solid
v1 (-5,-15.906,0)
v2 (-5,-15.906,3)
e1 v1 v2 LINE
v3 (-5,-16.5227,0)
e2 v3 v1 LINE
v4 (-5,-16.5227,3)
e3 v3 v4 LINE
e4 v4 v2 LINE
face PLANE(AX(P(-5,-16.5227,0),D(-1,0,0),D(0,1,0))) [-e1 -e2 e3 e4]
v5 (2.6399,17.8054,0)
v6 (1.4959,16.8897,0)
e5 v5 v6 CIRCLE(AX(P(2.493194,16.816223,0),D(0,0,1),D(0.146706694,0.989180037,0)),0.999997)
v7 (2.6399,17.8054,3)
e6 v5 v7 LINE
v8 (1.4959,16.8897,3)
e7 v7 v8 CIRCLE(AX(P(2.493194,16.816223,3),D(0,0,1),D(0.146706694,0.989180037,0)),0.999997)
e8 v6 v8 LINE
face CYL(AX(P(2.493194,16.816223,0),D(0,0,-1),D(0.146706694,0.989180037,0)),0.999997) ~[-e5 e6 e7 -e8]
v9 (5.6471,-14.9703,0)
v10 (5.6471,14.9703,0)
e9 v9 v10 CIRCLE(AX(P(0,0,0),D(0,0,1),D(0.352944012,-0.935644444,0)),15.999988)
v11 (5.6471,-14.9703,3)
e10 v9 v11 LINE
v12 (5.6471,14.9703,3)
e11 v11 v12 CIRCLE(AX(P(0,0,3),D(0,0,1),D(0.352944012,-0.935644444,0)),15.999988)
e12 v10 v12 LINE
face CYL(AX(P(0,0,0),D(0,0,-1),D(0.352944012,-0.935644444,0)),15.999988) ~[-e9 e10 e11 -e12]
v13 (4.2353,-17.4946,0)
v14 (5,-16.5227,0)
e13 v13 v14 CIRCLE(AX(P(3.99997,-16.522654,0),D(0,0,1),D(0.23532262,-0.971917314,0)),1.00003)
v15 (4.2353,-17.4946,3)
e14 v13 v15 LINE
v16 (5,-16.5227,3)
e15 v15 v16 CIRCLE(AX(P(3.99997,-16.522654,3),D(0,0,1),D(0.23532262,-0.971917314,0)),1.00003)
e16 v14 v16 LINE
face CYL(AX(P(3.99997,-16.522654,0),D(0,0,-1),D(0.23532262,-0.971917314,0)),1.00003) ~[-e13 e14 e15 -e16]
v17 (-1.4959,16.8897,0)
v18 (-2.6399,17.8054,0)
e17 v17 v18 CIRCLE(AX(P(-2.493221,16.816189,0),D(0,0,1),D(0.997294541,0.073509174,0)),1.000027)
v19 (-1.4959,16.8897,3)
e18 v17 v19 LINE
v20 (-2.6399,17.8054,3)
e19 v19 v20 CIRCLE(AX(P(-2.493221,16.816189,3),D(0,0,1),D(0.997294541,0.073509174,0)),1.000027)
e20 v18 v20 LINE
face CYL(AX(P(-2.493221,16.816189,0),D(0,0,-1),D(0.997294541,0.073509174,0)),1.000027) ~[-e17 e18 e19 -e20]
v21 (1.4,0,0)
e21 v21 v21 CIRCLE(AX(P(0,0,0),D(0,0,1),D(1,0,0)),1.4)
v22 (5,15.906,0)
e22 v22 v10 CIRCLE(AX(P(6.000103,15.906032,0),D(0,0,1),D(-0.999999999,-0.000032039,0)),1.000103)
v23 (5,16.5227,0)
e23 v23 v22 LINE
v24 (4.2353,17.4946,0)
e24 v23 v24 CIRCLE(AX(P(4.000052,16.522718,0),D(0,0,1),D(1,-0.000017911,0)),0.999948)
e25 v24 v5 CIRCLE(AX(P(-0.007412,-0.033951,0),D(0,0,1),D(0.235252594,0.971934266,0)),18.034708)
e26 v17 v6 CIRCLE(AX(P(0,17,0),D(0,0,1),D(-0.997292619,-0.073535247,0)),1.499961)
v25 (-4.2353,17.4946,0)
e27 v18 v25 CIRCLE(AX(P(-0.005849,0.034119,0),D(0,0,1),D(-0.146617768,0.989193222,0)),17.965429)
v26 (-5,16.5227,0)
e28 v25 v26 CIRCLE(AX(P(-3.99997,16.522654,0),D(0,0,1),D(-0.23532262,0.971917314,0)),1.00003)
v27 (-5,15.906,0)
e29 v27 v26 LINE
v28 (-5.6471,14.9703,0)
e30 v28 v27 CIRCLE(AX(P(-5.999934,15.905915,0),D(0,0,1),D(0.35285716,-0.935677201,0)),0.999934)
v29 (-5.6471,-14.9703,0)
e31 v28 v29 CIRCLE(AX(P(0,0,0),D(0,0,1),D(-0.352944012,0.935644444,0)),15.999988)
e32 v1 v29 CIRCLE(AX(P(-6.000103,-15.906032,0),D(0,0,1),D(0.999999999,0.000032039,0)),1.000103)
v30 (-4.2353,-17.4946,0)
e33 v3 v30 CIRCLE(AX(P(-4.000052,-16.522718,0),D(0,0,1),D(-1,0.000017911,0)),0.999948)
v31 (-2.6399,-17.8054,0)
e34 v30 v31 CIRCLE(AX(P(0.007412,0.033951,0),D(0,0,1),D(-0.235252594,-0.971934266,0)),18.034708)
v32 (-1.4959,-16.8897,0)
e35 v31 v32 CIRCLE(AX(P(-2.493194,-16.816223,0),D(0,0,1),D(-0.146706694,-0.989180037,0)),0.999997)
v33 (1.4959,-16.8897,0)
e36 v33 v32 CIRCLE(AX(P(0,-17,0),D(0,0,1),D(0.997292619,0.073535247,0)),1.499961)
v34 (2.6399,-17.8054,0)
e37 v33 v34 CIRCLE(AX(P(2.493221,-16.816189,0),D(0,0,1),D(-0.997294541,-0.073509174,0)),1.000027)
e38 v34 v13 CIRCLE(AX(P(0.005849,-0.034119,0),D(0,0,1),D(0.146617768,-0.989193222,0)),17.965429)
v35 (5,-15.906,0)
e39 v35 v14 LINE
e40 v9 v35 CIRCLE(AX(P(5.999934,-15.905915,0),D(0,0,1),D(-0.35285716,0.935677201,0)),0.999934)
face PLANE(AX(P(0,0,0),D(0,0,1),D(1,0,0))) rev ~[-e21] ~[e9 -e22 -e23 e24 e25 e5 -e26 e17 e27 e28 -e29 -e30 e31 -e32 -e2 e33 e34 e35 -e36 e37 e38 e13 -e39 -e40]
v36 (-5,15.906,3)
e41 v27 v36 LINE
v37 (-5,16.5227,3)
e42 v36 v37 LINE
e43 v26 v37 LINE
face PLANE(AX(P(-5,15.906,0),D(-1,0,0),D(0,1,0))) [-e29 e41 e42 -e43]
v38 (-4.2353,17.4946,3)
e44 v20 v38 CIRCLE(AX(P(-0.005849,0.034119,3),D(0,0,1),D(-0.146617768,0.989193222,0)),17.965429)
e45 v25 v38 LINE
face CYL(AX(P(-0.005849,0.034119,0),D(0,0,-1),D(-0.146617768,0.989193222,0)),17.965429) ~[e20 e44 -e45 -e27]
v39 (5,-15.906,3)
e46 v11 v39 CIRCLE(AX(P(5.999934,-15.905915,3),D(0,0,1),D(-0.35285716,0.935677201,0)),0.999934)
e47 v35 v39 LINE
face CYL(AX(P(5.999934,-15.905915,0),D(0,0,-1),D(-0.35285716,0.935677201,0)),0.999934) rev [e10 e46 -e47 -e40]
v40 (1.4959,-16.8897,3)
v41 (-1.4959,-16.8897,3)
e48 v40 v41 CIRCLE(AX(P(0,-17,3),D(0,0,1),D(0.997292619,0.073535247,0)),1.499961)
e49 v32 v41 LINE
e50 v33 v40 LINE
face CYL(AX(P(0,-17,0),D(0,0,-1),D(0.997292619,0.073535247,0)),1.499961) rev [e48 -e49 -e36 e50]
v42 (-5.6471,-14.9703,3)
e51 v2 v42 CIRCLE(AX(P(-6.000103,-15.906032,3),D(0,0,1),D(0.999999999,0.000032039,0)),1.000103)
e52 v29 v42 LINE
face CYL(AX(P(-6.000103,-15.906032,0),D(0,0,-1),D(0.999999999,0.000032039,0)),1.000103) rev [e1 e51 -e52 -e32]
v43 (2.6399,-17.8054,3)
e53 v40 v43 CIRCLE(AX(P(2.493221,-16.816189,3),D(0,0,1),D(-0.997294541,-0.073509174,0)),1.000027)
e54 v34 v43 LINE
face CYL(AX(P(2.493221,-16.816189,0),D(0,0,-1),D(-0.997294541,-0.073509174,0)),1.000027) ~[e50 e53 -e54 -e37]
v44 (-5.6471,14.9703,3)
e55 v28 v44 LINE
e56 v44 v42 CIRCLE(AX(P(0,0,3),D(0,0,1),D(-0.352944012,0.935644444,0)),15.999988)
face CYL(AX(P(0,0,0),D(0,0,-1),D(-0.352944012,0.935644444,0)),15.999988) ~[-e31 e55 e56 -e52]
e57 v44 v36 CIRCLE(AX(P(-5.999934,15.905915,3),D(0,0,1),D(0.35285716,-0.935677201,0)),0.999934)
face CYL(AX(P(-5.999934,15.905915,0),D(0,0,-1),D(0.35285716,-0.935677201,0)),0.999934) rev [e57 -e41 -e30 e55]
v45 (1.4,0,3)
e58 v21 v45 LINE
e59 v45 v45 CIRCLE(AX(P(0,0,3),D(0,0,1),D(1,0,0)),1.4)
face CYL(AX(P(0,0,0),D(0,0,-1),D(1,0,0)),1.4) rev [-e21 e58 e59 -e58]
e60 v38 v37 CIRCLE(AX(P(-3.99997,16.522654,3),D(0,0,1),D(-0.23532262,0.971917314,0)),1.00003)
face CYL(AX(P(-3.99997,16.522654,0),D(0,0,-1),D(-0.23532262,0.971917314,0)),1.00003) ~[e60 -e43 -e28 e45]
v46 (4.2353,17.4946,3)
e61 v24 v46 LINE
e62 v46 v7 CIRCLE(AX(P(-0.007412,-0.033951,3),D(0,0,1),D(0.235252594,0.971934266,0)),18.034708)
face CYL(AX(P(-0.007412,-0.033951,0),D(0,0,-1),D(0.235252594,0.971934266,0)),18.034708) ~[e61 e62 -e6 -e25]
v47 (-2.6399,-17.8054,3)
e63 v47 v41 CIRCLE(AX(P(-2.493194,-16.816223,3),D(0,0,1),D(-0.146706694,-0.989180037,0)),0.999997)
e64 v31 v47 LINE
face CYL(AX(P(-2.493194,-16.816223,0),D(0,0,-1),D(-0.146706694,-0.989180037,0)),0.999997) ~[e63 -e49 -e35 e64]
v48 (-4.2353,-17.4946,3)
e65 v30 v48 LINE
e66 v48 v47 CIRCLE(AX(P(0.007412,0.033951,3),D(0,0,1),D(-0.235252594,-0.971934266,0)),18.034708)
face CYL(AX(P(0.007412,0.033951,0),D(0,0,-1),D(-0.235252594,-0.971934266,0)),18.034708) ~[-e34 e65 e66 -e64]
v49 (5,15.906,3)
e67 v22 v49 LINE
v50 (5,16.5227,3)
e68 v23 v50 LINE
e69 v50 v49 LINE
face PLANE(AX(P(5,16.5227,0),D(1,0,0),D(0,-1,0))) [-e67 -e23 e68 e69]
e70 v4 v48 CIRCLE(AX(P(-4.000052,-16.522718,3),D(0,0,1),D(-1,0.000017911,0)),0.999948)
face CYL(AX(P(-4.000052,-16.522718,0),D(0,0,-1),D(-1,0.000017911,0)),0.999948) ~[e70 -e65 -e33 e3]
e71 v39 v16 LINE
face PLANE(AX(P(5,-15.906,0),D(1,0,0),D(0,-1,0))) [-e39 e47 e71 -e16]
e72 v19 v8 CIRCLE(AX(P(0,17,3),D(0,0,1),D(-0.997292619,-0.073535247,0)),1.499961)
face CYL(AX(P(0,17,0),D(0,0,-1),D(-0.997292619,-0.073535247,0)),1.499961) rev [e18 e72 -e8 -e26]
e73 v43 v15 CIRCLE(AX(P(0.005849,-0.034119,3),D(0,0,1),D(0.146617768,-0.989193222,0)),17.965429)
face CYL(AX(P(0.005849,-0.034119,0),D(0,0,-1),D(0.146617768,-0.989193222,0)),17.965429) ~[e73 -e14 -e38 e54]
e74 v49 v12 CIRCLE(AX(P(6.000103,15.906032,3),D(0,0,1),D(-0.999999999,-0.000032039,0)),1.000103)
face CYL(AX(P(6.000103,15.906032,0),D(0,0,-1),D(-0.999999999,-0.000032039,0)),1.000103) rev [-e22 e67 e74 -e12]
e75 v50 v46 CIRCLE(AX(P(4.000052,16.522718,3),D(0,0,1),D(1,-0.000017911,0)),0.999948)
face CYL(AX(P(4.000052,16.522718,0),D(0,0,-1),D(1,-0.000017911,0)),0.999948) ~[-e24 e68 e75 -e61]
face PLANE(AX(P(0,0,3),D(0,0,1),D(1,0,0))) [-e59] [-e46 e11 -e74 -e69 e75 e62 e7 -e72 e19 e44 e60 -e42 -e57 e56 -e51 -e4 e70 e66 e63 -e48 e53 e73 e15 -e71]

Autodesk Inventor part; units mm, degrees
ref_plane "YZ Plane" through (0, 0, 0) normal (1, 0, 0) x (0, 1, 0)
ref_plane "XZ Plane" through (0, 0, 0) normal (0, 1, 0) x (-1, 0, 0)
ref_plane "XY Plane" through (0, 0, 0) normal (0, 0, 1) x (1, 0, 0)
sketch "Sketch1" plane through (0, 0, 0) normal (0, 0, 1) x (1, 0, 0)
  circle A0 centre (0, 0) radius 1.4
  line L0 (5, 16.5227) -> (5, 15.906)
  line L1 (5, -15.906) -> (5, -16.5227)
  line L2 (-5, -16.5227) -> (-5, -15.906)
  line L3 (-5, 15.906) -> (-5, 16.5227)
  arc A1 (-5.6471, 14.9703) -> (-5.6471, -14.9703) centre (0, 0) ccw
  arc A2 (5.6471, -14.9703) -> (5.6471, 14.9703) centre (0, 0) ccw
  arc A3 (-5.6471, 14.9703) -> (-5, 15.906) centre (-6, 15.906) ccw
  arc A4 (-4.2353, 17.4946) -> (-5, 16.5227) centre (-4, 16.5227) ccw
  arc A5 (5, 16.5227) -> (4.2353, 17.4946) centre (4, 16.5227) ccw
  arc A6 (5, 15.906) -> (5.6471, 14.9703) centre (6, 15.906) ccw
  arc A7 (5.6471, -14.9703) -> (5, -15.906) centre (6, -15.906) ccw
  arc A8 (4.2353, -17.4946) -> (5, -16.5227) centre (4, -16.5227) ccw
  arc A9 (-5, -16.5227) -> (-4.2353, -17.4946) centre (-4, -16.5227) ccw
  arc A10 (-5, -15.906) -> (-5.6471, -14.9703) centre (-6, -15.906) ccw
  arc A11 (-1.4959, 16.8897) -> (1.4959, 16.8897) centre (0, 17) ccw
  arc A12 (1.4959, -16.8897) -> (-1.4959, -16.8897) centre (0, -17) ccw
  arc A13 (-4.2353, -17.4946) -> (-2.6399, -17.8054) centre (0, 0) ccw
  arc A14 (2.6399, -17.8054) -> (4.2353, -17.4946) centre (0, 0) ccw
  arc A15 (4.2353, 17.4946) -> (2.6399, 17.8054) centre (0, 0) ccw
  arc A16 (-2.6399, 17.8054) -> (-4.2353, 17.4946) centre (0, 0) ccw
  arc A17 (-1.4959, 16.8897) -> (-2.6399, 17.8054) centre (-2.4932, 16.8162) ccw
  arc A18 (2.6399, 17.8054) -> (1.4959, 16.8897) centre (2.4932, 16.8162) ccw
  arc A19 (-2.6399, -17.8054) -> (-1.4959, -16.8897) centre (-2.4932, -16.8162) ccw
  arc A20 (1.4959, -16.8897) -> (2.6399, -17.8054) centre (2.4932, -16.8162) ccw
  point P0 (5, -17.2916)
  point P1 (-5, -17.2916)
  point P2 (5, 15.1987)
  point P3 (5, -15.1987)
  point P4 (-5, -15.1987)
  point P5 (-5, 15.1987)
  point P6 (-5, 17.2916)
  point P7 (5, 17.2916)
  dimension "d3" = 2.8
  dimension "d9" = 1
  dimension "d12" = 16
  dimension "d13" = 16
  dimension "d14" = 10
  dimension "d15" = 10
  dimension "d16" = 5
  dimension "d17" = 5
  dimension "d18" = 3
  dimension "d19" = 17
  dimension "d20" = 3
  dimension "d21" = 17
  dimension "d22" = 1
extrude "Extrusion1" add sketch "Sketch1" along normal blind 3
properties part number "Front Outer Endcap"
